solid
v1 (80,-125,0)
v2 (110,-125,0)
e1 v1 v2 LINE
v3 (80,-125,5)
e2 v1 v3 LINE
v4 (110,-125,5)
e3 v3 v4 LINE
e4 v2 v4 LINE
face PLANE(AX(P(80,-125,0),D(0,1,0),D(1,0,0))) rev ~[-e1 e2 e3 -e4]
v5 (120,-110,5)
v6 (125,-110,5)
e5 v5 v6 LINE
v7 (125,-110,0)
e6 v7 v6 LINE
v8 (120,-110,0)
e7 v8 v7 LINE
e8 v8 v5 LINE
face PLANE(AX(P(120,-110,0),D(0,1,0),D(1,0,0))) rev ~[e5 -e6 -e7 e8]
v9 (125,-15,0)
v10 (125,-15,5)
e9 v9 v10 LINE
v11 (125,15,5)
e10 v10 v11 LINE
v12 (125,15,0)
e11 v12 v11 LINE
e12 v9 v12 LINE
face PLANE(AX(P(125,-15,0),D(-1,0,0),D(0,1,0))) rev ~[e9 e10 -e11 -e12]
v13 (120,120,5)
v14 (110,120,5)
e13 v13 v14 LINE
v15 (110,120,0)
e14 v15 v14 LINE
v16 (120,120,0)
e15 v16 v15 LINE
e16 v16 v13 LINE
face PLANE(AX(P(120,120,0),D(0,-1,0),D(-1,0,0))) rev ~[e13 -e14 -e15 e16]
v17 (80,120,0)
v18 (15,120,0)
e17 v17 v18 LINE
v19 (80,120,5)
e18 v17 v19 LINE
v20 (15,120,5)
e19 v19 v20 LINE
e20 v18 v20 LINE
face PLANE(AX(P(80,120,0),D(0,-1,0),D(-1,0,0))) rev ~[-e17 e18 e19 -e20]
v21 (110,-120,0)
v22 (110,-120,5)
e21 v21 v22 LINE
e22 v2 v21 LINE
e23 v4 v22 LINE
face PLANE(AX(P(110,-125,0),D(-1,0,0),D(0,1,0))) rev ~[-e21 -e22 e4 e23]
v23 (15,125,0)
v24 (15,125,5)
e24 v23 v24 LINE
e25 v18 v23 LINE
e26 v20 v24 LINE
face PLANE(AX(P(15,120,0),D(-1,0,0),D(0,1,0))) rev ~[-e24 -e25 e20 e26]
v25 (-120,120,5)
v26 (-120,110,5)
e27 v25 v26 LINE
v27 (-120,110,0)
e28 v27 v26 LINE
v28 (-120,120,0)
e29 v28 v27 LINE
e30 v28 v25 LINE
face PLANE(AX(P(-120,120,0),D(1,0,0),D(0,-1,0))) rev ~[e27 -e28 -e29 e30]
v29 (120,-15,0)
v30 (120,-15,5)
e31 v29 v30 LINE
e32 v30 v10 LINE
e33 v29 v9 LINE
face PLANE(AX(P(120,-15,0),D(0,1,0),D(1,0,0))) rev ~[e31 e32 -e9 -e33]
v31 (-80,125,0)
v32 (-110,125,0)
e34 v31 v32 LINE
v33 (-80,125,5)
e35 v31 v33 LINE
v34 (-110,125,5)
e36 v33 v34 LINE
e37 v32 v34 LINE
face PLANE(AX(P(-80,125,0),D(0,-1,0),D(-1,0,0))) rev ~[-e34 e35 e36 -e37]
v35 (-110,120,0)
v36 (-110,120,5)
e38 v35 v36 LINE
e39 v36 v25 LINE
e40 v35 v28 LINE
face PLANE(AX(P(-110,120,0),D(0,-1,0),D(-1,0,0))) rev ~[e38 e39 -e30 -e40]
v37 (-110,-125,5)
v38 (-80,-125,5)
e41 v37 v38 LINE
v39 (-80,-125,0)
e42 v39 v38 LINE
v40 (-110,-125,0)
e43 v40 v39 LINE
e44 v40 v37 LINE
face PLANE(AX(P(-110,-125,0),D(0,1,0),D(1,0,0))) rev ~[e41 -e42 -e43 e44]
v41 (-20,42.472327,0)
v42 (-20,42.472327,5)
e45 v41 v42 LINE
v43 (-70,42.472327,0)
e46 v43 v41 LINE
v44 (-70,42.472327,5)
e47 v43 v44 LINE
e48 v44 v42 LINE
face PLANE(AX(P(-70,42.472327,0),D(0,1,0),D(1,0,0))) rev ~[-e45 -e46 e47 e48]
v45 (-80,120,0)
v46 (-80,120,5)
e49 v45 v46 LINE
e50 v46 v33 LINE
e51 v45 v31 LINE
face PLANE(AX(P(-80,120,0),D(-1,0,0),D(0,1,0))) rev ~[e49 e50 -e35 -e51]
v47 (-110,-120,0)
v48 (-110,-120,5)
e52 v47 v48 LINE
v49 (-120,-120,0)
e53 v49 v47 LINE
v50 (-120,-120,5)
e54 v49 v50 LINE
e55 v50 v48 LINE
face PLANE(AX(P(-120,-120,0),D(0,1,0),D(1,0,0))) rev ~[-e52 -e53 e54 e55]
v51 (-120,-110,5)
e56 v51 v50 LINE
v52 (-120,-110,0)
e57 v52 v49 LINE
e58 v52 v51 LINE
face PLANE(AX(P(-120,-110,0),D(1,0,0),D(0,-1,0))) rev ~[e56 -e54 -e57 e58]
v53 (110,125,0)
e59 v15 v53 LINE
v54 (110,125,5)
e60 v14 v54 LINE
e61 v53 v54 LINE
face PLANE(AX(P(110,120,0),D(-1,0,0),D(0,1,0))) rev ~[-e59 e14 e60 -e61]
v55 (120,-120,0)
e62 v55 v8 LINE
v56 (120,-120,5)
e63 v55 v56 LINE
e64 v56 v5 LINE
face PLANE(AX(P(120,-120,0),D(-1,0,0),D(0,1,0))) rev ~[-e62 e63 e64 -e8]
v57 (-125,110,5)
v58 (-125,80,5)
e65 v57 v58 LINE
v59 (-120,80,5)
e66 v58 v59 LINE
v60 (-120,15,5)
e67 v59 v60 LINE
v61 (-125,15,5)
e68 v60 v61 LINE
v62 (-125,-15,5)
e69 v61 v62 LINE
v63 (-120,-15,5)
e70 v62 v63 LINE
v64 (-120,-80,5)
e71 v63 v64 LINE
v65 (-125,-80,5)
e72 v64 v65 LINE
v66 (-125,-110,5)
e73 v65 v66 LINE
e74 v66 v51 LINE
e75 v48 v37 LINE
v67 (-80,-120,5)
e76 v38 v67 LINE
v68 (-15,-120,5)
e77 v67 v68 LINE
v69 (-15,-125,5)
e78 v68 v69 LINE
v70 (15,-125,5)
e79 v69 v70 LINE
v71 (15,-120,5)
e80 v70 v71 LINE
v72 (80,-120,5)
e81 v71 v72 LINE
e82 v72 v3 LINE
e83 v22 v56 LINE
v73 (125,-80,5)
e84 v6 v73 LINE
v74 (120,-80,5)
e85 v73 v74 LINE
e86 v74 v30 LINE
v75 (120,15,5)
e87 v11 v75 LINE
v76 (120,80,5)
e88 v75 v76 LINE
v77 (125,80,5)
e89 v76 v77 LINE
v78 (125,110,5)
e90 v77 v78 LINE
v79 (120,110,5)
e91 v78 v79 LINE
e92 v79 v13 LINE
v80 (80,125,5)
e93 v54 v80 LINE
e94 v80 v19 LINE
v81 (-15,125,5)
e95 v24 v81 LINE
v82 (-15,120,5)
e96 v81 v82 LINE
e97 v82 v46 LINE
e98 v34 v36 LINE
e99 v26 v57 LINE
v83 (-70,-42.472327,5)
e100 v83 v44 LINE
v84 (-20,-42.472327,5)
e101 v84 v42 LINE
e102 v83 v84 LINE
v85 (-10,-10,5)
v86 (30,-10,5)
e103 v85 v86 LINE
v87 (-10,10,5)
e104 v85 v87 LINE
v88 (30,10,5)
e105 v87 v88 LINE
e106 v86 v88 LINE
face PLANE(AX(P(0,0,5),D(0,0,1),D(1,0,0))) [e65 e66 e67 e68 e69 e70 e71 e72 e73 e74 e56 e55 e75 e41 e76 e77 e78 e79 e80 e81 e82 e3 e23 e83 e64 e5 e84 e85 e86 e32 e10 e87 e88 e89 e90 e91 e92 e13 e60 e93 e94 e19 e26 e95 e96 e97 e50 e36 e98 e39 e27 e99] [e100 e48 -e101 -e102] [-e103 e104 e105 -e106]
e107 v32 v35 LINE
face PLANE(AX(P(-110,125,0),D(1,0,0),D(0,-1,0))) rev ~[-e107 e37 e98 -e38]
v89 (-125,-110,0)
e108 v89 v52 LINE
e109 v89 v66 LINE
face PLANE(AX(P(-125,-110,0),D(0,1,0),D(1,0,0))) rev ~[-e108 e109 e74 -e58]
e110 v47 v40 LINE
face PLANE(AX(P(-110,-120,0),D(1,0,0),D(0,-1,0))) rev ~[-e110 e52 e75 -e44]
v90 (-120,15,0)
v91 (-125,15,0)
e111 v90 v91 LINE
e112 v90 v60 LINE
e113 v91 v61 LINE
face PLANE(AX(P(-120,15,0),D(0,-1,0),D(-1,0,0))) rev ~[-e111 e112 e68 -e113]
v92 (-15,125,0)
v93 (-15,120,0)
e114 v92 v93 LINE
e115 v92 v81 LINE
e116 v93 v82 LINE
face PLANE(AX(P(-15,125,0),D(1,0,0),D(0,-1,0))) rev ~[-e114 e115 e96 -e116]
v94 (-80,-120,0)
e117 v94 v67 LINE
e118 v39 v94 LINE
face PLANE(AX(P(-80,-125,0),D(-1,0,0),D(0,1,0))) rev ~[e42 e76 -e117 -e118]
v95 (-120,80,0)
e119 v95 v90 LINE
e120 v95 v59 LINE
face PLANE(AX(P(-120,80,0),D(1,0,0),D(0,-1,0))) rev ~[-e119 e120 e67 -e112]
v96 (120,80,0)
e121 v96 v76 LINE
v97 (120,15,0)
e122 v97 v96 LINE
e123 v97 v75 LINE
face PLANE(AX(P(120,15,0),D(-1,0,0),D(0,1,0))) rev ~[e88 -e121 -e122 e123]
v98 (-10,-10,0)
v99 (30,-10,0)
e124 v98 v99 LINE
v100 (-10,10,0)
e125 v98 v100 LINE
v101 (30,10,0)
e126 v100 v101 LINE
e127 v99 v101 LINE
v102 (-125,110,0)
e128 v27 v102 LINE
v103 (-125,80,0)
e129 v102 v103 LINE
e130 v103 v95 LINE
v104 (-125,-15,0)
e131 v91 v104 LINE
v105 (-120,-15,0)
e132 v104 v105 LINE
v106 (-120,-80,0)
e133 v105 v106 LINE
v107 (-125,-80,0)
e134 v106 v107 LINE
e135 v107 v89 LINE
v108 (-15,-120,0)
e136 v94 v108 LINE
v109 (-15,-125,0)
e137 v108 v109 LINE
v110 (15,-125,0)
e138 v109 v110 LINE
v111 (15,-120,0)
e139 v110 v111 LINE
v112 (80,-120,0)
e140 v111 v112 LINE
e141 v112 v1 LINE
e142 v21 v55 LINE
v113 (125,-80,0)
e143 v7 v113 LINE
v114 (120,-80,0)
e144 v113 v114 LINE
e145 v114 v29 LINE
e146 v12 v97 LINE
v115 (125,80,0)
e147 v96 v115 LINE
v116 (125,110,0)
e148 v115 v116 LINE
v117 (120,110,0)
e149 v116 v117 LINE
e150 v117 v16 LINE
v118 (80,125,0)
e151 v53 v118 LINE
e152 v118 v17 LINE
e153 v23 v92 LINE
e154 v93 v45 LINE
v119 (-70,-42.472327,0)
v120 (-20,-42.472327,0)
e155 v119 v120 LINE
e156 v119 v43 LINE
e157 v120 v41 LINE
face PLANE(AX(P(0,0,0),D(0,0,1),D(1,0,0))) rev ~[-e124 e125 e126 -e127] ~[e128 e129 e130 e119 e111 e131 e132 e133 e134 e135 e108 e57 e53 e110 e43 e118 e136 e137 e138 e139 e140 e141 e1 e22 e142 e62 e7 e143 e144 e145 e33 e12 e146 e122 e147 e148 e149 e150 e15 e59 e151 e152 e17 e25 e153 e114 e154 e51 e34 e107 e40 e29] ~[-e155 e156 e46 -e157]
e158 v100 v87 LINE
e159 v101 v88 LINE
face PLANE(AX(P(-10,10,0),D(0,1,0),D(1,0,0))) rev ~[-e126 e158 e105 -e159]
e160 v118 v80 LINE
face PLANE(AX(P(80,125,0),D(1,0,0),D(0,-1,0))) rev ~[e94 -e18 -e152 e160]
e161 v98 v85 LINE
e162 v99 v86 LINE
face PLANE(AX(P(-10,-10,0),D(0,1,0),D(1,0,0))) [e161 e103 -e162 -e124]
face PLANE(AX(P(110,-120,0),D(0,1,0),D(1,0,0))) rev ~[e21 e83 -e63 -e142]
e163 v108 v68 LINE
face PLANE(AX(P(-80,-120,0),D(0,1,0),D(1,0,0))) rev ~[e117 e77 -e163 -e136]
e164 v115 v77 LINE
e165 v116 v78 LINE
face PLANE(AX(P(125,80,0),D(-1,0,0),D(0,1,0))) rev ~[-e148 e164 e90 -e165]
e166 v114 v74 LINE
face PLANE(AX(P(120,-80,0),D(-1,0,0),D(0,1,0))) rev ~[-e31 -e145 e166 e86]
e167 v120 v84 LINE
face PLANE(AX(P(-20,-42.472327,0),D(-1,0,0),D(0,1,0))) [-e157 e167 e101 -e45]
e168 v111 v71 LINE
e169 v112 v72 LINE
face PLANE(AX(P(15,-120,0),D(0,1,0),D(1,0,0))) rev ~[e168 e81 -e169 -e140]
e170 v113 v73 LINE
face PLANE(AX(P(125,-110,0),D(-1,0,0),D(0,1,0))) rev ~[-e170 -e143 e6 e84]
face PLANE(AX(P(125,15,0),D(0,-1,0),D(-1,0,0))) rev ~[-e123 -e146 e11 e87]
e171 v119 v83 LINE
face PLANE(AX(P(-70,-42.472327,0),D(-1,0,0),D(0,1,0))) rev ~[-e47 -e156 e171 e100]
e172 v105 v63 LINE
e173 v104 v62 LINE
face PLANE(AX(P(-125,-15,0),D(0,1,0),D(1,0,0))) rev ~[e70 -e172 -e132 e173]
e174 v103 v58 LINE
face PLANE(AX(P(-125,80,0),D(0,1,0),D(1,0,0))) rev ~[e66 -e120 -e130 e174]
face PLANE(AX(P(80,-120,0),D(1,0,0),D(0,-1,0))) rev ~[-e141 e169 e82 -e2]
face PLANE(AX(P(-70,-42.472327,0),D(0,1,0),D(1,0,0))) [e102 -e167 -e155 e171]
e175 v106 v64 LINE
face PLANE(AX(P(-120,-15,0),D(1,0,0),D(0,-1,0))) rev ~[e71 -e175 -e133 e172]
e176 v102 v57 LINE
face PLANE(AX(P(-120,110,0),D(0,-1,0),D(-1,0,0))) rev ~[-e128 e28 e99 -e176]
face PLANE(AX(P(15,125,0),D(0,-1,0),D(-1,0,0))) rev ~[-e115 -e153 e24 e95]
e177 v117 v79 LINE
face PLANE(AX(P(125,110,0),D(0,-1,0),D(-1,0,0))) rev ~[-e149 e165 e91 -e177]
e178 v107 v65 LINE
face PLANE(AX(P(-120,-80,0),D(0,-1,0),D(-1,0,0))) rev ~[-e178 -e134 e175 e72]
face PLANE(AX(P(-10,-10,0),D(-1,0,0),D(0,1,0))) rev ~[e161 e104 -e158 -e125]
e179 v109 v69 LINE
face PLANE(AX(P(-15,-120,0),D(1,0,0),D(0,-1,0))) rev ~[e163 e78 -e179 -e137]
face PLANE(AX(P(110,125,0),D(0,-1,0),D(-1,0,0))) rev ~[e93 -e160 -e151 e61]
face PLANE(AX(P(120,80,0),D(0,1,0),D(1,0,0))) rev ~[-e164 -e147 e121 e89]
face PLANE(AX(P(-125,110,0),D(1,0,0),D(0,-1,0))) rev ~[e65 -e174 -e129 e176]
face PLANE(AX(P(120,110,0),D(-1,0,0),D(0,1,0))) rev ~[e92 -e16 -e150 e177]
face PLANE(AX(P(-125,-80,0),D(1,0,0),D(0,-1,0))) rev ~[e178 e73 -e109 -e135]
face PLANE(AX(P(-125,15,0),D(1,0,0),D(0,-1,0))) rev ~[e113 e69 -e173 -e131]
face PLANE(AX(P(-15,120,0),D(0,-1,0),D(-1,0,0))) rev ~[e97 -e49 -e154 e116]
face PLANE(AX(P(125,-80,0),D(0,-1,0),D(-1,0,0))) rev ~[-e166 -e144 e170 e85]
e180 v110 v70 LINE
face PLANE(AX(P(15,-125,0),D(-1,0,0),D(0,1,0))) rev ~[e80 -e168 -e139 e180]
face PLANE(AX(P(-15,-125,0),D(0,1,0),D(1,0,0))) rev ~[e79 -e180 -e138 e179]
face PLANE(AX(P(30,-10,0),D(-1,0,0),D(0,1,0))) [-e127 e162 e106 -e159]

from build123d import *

# Parameters (mm, degrees)
SKETCH5_W           = 50
SKETCH5_H           = 84.944653118
SKETCH5_W_2         = 40
SKETCH5_H_2         = 20
BOSS_EXTRUDE1_DEPTH = 5


with BuildPart() as part:
    # Sketch5 → Boss-Extrude1 (new body)
    with BuildSketch(Plane.XY):
        Polygon((-110, 120), (-120, 120), (-120, 110), (-125, 110), (-125, 80), (-120, 80), (-120, 15), (-125, 15), (-125, -15), (-120, -15), (-120, -80), (-125, -80), (-125, -110), (-120, -110), (-120, -120), (-110, -120), (-110, -125), (-80, -125), (-80, -120), (-15, -120), (-15, -125), (15, -125), (15, -120), (80, -120), (80, -125), (110, -125), (110, -120), (120, -120), (120, -110), (125, -110), (125, -80), (120, -80), (120, -15), (125, -15), (125, 15), (120, 15), (120, 80), (125, 80), (125, 110), (120, 110), (120, 120), (110, 120), (110, 125), (80, 125), (80, 120), (15, 120), (15, 125), (-15, 125), (-15, 120), (-80, 120), (-80, 125), (-110, 125), align=None)
        with Locations((-45, 0)):
            Rectangle(SKETCH5_W, SKETCH5_H, mode=Mode.SUBTRACT)
        with Locations((10, 0)):
            Rectangle(SKETCH5_W_2, SKETCH5_H_2, mode=Mode.SUBTRACT)
    extrude(amount=BOSS_EXTRUDE1_DEPTH)


solid = part.part
